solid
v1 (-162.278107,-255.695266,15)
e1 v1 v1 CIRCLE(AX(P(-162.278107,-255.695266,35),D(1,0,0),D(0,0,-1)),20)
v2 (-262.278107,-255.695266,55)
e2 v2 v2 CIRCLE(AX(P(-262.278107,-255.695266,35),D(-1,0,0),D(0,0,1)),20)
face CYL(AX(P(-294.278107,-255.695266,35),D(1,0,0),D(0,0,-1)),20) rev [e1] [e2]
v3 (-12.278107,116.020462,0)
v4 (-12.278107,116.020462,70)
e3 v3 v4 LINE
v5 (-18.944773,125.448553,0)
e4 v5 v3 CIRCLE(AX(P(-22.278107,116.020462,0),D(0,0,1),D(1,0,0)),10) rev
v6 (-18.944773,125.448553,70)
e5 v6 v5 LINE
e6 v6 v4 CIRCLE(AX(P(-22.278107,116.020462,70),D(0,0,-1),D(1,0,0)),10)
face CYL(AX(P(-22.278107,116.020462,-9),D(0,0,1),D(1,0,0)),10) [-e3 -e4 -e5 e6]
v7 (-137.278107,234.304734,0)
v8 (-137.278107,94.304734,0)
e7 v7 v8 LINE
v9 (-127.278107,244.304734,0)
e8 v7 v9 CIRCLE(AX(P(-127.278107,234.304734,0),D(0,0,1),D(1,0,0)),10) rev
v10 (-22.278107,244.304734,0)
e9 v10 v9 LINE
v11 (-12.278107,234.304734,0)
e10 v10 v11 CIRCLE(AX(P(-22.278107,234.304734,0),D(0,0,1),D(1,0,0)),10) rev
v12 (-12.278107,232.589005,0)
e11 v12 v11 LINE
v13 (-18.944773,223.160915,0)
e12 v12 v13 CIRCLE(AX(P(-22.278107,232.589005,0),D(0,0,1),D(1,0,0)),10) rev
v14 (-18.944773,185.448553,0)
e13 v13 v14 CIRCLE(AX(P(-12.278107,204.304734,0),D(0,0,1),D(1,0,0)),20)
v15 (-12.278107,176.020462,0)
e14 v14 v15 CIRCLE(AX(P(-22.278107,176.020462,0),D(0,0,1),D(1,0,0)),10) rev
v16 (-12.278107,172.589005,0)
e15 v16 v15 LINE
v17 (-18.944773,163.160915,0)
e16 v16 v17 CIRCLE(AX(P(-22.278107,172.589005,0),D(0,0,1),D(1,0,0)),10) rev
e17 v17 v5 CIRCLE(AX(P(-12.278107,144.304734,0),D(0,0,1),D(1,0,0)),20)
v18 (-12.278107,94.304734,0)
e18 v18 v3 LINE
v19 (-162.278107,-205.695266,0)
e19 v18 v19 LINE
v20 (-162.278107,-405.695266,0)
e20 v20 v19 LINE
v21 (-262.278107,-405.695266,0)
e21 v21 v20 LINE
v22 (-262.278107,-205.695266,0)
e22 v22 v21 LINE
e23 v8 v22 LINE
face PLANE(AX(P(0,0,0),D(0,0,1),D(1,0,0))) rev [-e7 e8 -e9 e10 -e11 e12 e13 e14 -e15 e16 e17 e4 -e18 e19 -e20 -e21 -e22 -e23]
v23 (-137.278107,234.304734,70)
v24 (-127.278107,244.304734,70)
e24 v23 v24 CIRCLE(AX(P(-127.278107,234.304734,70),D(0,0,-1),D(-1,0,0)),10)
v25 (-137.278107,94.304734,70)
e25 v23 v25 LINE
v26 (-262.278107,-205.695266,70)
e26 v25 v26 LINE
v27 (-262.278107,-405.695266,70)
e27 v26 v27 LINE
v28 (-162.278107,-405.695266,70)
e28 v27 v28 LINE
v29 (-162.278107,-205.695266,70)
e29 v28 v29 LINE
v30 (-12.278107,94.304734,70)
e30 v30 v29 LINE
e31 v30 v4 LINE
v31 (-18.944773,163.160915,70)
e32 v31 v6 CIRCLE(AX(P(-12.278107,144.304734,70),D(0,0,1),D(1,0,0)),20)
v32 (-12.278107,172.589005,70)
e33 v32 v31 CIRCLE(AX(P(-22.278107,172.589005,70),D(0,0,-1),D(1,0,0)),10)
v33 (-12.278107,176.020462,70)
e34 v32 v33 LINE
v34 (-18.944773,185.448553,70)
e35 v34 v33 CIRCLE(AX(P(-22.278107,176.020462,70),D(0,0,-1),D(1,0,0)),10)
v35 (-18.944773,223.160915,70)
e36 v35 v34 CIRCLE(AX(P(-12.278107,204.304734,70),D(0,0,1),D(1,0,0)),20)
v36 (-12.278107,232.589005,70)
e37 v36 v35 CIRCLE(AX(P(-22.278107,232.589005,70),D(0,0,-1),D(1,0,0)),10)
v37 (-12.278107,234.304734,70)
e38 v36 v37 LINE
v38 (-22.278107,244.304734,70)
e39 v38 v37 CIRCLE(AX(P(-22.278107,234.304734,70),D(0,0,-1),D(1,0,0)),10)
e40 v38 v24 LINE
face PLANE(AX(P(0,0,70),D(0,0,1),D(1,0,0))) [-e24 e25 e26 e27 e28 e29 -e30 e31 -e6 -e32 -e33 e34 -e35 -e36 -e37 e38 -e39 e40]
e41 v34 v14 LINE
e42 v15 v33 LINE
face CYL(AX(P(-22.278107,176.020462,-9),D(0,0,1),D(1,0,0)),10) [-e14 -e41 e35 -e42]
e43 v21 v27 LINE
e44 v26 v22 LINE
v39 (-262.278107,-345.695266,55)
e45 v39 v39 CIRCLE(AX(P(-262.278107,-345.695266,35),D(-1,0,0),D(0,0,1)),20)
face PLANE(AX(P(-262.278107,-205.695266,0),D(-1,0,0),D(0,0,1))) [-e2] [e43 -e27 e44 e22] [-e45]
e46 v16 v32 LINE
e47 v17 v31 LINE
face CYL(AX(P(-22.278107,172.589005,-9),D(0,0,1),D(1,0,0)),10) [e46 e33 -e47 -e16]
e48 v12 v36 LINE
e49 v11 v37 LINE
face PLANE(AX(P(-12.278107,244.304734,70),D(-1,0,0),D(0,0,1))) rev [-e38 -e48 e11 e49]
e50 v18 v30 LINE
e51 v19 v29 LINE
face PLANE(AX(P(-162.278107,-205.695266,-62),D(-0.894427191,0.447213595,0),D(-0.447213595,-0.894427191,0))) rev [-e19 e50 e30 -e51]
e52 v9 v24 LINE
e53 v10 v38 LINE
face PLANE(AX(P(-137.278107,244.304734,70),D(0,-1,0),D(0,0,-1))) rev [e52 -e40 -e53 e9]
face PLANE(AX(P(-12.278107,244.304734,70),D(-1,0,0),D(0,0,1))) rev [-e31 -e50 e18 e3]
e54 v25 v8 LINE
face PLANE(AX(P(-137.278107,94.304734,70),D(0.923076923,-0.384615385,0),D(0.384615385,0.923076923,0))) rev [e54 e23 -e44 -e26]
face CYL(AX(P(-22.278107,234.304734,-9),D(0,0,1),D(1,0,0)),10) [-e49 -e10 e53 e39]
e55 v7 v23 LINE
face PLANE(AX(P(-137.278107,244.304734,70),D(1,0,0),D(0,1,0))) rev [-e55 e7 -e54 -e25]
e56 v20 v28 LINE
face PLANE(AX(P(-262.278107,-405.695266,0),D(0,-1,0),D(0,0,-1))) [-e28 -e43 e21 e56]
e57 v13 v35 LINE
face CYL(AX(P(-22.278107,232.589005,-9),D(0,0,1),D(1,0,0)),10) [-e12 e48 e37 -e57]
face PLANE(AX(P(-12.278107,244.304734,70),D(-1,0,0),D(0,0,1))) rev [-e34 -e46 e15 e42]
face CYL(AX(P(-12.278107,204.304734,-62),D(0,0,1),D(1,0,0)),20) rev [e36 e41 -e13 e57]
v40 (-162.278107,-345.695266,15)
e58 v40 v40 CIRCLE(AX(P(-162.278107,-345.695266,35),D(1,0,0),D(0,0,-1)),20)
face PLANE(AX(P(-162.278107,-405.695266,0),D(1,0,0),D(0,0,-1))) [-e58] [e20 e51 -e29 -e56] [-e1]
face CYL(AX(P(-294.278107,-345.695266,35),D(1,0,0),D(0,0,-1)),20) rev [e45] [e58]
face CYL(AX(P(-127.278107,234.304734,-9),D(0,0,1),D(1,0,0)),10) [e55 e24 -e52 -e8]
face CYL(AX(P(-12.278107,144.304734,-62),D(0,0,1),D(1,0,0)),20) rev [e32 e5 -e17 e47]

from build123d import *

# Parameters (mm, degrees)
BOSS_EXTRUDE2_DEPTH = 70
SKETCH2_W           = 100
SKETCH2_H           = 200
BOSS_EXTRUDE3_DEPTH = 70
SKETCH3_R           = 20
CUT_EXTRUDE1_DEPTH  = 132
CUT_EXTRUDE2_DEPTH  = 132
CUT_EXTRUDE3_DEPTH  = 132
CUT_EXTRUDE4_DEPTH  = 79
CUT_EXTRUDE6_DEPTH  = 79
CUT_EXTRUDE7_DEPTH  = 79
CUT_EXTRUDE8_DEPTH  = 79


with BuildPart() as part:
    # Sketch1 → Boss-Extrude2 (new body)
    with BuildSketch(Plane.XY):
        Polygon((-137.278106509, 244.304733728), (-12.278106509, 244.304733728), (-12.278106509, -205.695266272), (-262.278106509, -205.695266272), (-137.278106509, 94.304733728), align=None)
    extrude(amount=BOSS_EXTRUDE2_DEPTH)

    # Sketch2 → Boss-Extrude3 (add)
    with BuildSketch(Plane.XY.offset(70)):
        with Locations((-212.278106509, -305.695266272)):
            Rectangle(SKETCH2_W, SKETCH2_H)
    extrude(amount=-BOSS_EXTRUDE3_DEPTH)

    # Sketch3 → Cut-Extrude1 (cut)
    with BuildSketch(Plane(origin=(-162.278106509, 0, 0), x_dir=(0, 0, -1), z_dir=(1, 0, 0))):
        with Locations((-35, -255.695266272)):
            Circle(SKETCH3_R)
        with Locations((-35, -345.695266272)):
            Circle(SKETCH3_R)
    extrude(amount=-CUT_EXTRUDE1_DEPTH, mode=Mode.SUBTRACT)

    # Sketch5 → Cut-Extrude2 (cut)
    with BuildSketch(Plane.XY.offset(70)):
        Polygon((-12.278106509, 94.304733728), (-12.278106509, -205.695266272), (-162.278106509, -205.695266272), align=None)
    extrude(amount=-CUT_EXTRUDE2_DEPTH, mode=Mode.SUBTRACT)

    # Sketch6 → Cut-Extrude3 (cut)
    with BuildSketch(Plane.XY.offset(70)):
        with BuildLine():
            Line((-12.278106509, 224.304733728), (-12.278106509, 204.304733728))
            Line((-12.278106509, 204.304733728), (-12.278106509, 184.304733728))
            ThreePointArc((-12.278106509, 184.304733728), (-32.278106509, 204.304733728), (-12.278106509, 224.304733728))
        make_face()
        with BuildLine():
            Line((-12.278106509, 144.304733728), (-12.278106509, 124.304733728))
            ThreePointArc((-12.278106509, 124.304733728), (-32.278106509, 144.304733728), (-12.278106509, 164.304733728))
            Line((-12.278106509, 164.304733728), (-12.278106509, 144.304733728))
        make_face()
    extrude(amount=-CUT_EXTRUDE3_DEPTH, mode=Mode.SUBTRACT)

    # Sketch9 → Cut-Extrude4 (cut)
    with BuildSketch(Plane.XY.offset(70)):
        with BuildLine():
            Line((-127.278106509, 244.304733728), (-137.278106509, 244.304733728))
            Line((-137.278106509, 244.304733728), (-137.278106509, 234.304733728))
            ThreePointArc((-137.278106509, 234.304733728), (-134.349174321, 241.37580154), (-127.278106509, 244.304733728))
        make_face()
    extrude(amount=-CUT_EXTRUDE4_DEPTH, mode=Mode.SUBTRACT)

    # Sketch11 → Cut-Extrude6 (cut)
    with BuildSketch(Plane.XY.offset(70)):
        with BuildLine():
            Line((-12.278106509, 232.589004975), (-12.278106509, 224.304733728))
            Line((-12.278106509, 224.304733728), (-18.944773176, 223.160914559))
            ThreePointArc((-18.944773176, 223.160914559), (-14.1131407, 226.815502283), (-12.278106509, 232.589004975))
        make_face()
    extrude(amount=-CUT_EXTRUDE6_DEPTH, mode=Mode.SUBTRACT)

    # Sketch12 → Cut-Extrude7 (cut)
    with BuildSketch(Plane.XY.offset(70)):
        with BuildLine():
            Line((-18.944773176, 125.448552896), (-12.278106509, 124.304733728))
            Line((-12.278106509, 124.304733728), (-12.278106509, 116.02046248))
            ThreePointArc((-12.278106509, 116.02046248), (-14.1131407, 121.793965172), (-18.944773176, 125.448552896))
        make_face()
        with BuildLine():
            Line((-18.944773176, 185.448552896), (-12.278106509, 184.304733728))
            Line((-12.278106509, 184.304733728), (-12.278106509, 176.02046248))
            ThreePointArc((-12.278106509, 176.02046248), (-14.1131407, 181.793965172), (-18.944773176, 185.448552896))
        make_face()
        with BuildLine():
            Line((-18.944773176, 163.160914559), (-12.278106509, 164.304733728))
            Line((-12.278106509, 164.304733728), (-12.278106509, 172.589004975))
            ThreePointArc((-12.278106509, 172.589004975), (-14.1131407, 166.815502283), (-18.944773176, 163.160914559))
        make_face()
    extrude(amount=-CUT_EXTRUDE7_DEPTH, mode=Mode.SUBTRACT)

    # Sketch13 → Cut-Extrude8 (cut)
    with BuildSketch(Plane.XY.offset(70)):
        with BuildLine():
            Line((-22.278106509, 244.304733728), (-12.278106509, 244.304733728))
            Line((-12.278106509, 244.304733728), (-12.278106509, 234.304733728))
            ThreePointArc((-12.278106509, 234.304733728), (-15.207038697, 241.37580154), (-22.278106509, 244.304733728))
        make_face()
    extrude(amount=-CUT_EXTRUDE8_DEPTH, mode=Mode.SUBTRACT)


solid = part.part
